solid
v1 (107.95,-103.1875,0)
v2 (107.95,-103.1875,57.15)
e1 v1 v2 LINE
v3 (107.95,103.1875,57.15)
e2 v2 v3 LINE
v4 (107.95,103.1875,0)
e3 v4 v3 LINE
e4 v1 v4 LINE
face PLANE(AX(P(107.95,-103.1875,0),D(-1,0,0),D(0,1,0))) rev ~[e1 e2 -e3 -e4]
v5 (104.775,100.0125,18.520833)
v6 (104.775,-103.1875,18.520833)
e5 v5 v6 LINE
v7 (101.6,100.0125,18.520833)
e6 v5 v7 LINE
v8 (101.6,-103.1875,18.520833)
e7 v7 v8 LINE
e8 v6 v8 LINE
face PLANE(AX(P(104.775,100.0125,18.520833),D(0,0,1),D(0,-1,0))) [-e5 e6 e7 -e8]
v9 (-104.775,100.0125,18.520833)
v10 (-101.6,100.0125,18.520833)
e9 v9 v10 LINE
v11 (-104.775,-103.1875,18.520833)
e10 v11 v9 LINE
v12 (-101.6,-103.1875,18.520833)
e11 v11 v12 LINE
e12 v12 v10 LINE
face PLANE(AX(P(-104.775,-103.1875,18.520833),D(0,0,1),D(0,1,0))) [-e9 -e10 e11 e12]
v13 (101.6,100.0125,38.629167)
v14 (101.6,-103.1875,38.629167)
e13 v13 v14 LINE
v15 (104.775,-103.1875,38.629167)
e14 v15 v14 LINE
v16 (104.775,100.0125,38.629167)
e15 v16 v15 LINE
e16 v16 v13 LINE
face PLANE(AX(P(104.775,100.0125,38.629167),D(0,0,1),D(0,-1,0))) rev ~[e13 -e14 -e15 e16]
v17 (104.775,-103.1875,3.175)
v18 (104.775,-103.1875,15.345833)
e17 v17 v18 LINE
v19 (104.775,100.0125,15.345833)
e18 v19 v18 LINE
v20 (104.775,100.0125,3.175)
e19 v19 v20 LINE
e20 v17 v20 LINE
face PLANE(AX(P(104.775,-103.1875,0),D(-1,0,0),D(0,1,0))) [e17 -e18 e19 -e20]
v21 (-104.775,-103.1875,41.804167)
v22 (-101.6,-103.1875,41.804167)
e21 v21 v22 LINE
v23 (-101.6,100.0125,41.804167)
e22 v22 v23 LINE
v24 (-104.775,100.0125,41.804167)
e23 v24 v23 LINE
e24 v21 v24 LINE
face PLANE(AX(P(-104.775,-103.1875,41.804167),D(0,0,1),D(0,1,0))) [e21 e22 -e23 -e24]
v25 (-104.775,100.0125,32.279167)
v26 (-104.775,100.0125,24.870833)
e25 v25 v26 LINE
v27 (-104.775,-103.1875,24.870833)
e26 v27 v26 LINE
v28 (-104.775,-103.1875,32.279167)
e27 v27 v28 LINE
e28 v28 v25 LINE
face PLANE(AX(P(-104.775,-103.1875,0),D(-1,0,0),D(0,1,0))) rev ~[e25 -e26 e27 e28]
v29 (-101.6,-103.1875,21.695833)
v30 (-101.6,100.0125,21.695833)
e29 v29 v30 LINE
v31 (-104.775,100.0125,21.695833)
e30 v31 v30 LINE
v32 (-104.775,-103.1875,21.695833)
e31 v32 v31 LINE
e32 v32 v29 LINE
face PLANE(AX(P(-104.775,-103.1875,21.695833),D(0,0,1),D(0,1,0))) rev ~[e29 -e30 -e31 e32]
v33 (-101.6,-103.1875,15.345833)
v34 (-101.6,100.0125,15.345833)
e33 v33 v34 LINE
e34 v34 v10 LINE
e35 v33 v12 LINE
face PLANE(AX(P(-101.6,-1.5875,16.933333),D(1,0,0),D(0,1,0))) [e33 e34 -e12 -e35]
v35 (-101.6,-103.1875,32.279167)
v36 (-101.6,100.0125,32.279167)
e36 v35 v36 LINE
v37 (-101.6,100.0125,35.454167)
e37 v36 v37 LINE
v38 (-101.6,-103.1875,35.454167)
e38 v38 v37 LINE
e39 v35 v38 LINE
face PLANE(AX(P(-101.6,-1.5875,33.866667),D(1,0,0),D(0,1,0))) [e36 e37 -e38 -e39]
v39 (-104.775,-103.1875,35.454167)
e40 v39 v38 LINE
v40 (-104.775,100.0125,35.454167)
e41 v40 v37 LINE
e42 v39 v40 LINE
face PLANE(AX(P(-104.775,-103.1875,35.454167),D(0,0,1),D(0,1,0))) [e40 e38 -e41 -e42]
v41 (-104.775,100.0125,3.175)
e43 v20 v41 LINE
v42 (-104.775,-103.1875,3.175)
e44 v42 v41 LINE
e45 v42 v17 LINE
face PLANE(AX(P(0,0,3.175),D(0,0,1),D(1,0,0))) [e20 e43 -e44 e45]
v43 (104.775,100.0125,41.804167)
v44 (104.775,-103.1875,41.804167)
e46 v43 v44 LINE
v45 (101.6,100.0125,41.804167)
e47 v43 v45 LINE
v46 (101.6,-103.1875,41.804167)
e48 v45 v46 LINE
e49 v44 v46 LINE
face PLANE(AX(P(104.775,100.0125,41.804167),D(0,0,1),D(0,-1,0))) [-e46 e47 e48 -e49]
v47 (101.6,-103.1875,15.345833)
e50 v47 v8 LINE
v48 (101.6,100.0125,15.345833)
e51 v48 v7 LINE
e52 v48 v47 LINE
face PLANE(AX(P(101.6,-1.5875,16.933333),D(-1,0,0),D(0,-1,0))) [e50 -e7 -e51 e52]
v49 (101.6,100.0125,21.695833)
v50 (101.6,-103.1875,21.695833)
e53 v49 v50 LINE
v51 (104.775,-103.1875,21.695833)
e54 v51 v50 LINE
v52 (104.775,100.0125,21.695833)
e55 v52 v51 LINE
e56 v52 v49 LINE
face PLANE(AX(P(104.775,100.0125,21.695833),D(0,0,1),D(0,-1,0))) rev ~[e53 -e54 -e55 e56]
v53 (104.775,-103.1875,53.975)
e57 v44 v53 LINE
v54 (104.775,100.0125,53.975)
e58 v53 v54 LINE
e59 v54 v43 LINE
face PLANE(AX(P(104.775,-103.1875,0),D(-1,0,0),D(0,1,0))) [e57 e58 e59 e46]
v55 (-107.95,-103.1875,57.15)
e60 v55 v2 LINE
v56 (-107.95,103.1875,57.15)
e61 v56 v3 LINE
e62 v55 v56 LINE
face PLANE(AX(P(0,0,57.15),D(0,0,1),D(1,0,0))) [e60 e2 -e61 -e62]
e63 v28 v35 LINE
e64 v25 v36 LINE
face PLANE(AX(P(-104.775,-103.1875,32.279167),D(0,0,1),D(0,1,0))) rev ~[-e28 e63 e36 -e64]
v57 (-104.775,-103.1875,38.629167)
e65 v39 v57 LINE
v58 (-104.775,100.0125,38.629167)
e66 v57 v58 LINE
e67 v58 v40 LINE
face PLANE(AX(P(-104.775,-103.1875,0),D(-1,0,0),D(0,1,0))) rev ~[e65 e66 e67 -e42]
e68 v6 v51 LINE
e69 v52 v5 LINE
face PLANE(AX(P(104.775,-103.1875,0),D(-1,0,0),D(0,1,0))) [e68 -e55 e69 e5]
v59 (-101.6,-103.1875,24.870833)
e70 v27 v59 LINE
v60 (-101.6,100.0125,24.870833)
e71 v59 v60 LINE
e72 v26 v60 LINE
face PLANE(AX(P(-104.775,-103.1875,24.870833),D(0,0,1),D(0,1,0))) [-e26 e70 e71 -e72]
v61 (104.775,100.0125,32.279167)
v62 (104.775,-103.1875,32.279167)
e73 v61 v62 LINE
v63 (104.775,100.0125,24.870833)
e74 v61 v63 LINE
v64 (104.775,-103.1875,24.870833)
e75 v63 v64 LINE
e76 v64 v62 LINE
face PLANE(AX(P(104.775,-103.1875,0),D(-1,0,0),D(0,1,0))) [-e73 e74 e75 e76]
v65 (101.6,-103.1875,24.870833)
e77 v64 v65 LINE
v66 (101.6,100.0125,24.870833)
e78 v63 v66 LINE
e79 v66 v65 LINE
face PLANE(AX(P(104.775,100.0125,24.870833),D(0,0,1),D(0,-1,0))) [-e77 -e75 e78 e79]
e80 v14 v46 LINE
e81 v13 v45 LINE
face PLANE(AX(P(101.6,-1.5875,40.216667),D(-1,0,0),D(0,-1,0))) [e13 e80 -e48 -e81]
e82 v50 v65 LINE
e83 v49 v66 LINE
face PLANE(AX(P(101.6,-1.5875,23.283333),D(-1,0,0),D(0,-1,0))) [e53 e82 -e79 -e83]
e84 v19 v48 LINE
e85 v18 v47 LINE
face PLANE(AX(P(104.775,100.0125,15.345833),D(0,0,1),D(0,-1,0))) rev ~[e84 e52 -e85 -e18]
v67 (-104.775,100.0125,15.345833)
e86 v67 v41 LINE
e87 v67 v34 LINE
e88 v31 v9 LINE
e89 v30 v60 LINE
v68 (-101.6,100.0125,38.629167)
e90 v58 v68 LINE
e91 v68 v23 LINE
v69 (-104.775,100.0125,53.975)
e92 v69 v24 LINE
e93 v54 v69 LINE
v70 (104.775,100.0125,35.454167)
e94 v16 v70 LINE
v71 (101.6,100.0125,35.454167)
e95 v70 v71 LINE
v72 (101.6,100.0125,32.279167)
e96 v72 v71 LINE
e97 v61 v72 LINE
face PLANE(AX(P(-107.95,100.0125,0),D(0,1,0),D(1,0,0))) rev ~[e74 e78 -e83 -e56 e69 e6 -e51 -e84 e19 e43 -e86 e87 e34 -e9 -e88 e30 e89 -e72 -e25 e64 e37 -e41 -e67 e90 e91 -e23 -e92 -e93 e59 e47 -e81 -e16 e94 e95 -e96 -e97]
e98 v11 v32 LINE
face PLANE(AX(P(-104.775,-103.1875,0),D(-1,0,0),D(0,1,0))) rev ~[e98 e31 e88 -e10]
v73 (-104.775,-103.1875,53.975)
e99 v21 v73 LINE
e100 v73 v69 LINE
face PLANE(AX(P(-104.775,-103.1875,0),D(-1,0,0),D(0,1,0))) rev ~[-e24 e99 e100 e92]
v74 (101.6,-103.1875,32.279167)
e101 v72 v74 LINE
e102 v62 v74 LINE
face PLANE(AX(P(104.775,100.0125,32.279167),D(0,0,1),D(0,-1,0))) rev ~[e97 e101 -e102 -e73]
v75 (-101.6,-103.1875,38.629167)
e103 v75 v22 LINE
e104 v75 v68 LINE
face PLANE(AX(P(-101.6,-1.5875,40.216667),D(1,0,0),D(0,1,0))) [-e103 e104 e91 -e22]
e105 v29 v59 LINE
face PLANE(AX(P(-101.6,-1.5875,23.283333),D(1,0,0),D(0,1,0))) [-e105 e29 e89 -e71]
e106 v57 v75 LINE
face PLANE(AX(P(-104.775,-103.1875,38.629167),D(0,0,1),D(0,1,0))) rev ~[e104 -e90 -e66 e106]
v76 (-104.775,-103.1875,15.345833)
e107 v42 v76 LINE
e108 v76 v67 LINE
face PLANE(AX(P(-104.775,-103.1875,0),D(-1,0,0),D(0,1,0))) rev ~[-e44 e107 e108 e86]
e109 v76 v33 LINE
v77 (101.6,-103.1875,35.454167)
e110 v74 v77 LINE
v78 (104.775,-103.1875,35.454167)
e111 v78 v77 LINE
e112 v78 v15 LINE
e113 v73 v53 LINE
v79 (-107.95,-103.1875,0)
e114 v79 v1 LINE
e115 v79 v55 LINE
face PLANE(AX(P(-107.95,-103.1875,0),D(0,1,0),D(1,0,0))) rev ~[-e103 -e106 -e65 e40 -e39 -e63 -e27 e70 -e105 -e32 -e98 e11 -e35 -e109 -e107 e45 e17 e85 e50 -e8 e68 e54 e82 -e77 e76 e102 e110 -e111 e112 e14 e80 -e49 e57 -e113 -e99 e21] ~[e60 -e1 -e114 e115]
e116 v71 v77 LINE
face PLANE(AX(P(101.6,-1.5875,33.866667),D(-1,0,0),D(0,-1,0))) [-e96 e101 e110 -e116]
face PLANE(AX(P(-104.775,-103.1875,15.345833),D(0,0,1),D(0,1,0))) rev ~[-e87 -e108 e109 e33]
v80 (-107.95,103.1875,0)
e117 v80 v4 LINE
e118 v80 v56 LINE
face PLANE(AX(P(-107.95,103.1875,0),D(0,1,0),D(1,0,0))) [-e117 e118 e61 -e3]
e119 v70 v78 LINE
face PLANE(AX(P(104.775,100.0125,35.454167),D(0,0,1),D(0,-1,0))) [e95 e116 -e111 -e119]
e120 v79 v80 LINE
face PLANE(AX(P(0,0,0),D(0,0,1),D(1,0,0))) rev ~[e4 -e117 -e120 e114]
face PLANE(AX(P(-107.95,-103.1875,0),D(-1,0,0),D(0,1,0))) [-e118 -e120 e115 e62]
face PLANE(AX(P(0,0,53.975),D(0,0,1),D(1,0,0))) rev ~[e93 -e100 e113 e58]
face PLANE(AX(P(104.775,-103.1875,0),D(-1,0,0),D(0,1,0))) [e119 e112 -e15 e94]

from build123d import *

# Parameters (mm, degrees)
F0_W     = 215.9
F0_H     = 206.375
F1_DEPTH = 57.15
F2_T     = -3.175
F3_W     = 203.2
F3_H     = 3.175
F4_DEPTH = 3.175
F5_W     = 203.2
F5_H     = 3.175
F6_DEPTH = 3.175


with BuildPart() as f1:
    # F0 (on Top) → F1 (new body)
    with BuildSketch(Plane.XY):
        Rectangle(F0_W, F0_H)
    extrude(amount=F1_DEPTH)

    # F2
    f2_openings = [f1.faces().sort_by_distance(p)[0] for p in [
        (0, -103.1875, 28.575),
    ]]
    offset(amount=F2_T, openings=f2_openings)

    # F3 (on face) → F4 (join)
    with BuildSketch(Plane.YZ.offset(-104.775)):
        with Locations((-1.5875, 40.2166666663)):
            Rectangle(F3_W, F3_H)
        with Locations((-1.5875, 33.8666666663)):
            Rectangle(F3_W, F3_H)
        with Locations((-1.5875, 23.2833333337)):
            Rectangle(F3_W, F3_H)
        with Locations((-1.5875, 16.9333333337)):
            Rectangle(F3_W, F3_H)
    extrude(amount=F4_DEPTH)

    # F5 (on face) → F6 (join)
    with BuildSketch(Plane(origin=(104.775, 0, 0), x_dir=(0, -1, 0), z_dir=(-1, 0, 0))):
        with Locations((1.5875, 40.2166666663)):
            Rectangle(F5_W, F5_H)
        with Locations((1.5875, 33.8666666663)):
            Rectangle(F5_W, F5_H)
        with Locations((1.5875, 23.2833333337)):
            Rectangle(F5_W, F5_H)
        with Locations((1.5875, 16.9333333337)):
            Rectangle(F5_W, F5_H)
    extrude(amount=F6_DEPTH)


solid = f1.part
